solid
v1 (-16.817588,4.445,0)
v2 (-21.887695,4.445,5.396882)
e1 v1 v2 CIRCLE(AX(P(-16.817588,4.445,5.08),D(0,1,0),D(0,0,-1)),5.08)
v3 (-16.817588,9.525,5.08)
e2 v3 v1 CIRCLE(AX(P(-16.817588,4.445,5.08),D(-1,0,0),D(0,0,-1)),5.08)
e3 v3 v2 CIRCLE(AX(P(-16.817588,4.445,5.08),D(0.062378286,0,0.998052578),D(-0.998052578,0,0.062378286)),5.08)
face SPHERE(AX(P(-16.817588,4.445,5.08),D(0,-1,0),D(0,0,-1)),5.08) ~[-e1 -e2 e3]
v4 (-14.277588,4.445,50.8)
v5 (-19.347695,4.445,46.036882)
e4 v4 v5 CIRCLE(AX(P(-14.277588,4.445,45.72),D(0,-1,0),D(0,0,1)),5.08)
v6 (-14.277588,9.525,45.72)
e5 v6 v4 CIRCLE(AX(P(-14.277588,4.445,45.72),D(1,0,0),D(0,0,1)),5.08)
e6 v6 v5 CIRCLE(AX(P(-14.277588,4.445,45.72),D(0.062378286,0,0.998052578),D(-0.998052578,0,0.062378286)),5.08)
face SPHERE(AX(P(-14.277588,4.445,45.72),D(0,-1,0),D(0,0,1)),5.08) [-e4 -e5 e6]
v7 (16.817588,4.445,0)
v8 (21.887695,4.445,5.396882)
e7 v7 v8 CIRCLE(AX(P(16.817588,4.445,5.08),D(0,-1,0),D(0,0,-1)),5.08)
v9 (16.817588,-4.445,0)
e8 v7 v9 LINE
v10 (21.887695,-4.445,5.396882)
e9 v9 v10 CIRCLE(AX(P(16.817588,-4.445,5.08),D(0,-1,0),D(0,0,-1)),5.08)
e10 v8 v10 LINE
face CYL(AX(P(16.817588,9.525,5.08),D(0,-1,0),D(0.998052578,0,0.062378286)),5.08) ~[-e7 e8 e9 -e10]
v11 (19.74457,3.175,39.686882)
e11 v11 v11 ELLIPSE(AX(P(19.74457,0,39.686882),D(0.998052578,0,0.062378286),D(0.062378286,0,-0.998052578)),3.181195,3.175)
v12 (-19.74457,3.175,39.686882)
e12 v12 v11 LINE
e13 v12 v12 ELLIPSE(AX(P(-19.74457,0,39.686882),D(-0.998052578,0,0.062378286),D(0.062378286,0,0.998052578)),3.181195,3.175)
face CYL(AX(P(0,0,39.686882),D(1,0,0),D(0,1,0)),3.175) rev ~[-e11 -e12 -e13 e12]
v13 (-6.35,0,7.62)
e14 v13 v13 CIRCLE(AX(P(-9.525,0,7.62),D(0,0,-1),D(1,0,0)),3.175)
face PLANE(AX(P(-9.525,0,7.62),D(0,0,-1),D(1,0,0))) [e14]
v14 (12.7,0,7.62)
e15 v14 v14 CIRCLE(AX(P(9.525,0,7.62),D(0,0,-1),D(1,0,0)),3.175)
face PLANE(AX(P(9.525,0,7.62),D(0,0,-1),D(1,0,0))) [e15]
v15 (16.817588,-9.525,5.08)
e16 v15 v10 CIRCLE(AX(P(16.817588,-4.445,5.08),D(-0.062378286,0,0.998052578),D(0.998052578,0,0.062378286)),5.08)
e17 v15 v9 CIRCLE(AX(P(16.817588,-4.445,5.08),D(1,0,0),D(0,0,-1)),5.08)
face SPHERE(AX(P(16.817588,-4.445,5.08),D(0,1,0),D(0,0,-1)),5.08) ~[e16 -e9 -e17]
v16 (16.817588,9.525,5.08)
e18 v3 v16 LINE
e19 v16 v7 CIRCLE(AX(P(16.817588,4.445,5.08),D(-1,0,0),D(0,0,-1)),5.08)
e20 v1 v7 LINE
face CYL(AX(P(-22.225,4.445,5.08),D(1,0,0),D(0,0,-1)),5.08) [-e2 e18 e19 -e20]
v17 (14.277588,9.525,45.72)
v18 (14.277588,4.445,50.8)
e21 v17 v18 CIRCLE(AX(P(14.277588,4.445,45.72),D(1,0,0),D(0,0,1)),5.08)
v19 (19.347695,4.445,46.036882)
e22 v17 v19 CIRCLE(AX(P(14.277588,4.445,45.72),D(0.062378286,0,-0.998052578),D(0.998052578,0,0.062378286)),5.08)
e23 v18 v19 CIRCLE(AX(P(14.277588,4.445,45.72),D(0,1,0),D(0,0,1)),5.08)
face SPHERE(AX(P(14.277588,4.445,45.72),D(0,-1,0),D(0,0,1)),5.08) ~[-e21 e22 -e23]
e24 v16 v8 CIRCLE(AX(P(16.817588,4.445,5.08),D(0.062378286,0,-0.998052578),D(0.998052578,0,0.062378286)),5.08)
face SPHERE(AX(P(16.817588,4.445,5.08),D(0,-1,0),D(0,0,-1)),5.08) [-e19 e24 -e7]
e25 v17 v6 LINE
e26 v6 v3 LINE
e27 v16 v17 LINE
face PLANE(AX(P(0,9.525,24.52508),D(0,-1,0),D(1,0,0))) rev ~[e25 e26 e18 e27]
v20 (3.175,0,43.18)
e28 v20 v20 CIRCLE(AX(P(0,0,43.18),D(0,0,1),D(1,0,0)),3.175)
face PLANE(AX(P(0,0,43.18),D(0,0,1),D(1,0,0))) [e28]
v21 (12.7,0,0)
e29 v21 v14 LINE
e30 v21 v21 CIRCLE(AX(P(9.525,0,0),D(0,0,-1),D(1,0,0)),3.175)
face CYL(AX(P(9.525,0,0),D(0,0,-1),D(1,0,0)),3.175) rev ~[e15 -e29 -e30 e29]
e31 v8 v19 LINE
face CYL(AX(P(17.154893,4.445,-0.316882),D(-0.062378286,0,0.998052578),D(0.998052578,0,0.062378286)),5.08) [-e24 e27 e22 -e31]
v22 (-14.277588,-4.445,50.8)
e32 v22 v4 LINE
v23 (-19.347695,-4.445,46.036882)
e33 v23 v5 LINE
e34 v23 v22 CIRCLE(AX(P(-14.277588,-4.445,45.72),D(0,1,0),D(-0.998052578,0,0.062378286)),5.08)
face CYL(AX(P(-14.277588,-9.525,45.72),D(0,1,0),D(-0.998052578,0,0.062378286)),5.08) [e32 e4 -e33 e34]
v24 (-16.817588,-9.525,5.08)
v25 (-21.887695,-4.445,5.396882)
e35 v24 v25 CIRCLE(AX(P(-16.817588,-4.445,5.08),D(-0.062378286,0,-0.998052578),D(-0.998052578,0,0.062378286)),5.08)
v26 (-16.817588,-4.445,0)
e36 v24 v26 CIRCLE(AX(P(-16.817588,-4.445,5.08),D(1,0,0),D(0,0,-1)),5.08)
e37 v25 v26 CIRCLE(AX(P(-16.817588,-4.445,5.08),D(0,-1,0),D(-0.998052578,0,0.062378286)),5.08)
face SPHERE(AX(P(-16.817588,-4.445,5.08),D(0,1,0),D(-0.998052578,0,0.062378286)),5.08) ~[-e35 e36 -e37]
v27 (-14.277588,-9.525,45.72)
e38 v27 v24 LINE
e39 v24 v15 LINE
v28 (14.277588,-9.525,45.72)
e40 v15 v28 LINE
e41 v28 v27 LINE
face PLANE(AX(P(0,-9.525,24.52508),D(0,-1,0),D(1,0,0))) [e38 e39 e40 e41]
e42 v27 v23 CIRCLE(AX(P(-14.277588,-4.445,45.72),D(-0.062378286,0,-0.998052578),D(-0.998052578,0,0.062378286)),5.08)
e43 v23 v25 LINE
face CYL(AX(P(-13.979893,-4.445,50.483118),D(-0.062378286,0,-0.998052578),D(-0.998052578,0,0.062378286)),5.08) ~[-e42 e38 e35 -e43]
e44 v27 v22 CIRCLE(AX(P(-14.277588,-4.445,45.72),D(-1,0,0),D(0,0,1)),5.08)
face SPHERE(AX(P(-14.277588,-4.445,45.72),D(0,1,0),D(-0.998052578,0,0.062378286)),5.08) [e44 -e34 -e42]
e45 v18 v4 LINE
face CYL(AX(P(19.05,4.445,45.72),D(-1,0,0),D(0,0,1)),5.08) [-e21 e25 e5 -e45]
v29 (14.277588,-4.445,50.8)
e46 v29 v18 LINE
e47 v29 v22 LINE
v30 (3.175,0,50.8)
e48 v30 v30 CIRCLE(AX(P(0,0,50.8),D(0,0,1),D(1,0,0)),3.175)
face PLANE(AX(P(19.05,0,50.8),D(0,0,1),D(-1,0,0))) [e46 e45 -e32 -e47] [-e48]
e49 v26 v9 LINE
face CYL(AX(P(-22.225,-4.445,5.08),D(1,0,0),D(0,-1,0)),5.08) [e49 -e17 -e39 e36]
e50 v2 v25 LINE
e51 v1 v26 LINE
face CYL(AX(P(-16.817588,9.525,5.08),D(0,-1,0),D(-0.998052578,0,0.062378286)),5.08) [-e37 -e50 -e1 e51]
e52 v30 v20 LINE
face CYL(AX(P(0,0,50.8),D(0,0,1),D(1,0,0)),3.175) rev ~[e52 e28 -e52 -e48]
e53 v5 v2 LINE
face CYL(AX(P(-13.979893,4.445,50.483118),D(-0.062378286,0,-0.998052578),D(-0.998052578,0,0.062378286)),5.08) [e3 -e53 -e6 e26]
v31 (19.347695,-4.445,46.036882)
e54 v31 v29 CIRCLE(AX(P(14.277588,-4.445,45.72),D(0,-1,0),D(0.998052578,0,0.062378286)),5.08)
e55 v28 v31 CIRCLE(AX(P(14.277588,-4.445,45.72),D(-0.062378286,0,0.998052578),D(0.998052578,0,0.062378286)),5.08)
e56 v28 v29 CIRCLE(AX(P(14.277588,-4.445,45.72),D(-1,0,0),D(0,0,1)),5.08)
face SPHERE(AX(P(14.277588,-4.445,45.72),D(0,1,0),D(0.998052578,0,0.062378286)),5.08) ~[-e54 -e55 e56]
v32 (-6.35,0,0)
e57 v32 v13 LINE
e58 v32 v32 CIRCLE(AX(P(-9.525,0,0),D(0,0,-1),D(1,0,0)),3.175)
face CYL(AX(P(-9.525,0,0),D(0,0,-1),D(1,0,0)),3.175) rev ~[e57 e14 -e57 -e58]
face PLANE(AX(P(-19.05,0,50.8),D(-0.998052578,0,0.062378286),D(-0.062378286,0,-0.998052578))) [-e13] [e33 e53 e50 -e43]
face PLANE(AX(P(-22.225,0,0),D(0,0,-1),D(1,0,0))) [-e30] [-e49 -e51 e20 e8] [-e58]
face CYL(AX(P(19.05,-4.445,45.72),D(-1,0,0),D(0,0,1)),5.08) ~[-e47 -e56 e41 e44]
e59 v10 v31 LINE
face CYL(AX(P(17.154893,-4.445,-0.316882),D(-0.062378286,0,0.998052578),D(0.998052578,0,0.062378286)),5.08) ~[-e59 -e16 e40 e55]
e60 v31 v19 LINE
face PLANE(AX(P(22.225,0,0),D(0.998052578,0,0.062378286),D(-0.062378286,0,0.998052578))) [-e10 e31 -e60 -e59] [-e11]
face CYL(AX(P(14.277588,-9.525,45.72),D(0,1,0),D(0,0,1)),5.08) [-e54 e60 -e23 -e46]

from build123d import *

# Parameters (mm, degrees)
F1_DEPTH = 9.525
F2_R     = 5.08
F3_R     = 3.175
F4_DEPTH = 25.4
F5_R     = 3.175
F6_DEPTH = 7.62
F7_R     = 3.175
F8_DEPTH = 7.62


with BuildPart() as f1:
    # F0 (on Front) → F1 (new body, symmetric)
    with BuildSketch(Plane.XZ):
        Polygon((-19.05, 50.8), (-22.225, 0), (22.225, 0), (19.05, 50.8), align=None)
    extrude(amount=F1_DEPTH, both=True)

    # F2
    f2_edges = [f1.edges().sort_by_distance(p)[0] for p in [
        (0, -9.525, 50.8),
        (19.05, 0, 50.8),
        (-19.05, 0, 50.8),
        (0, 9.525, 50.8),
        (22.225, 0, 0),
        (0, -9.525, 0),
        (-22.225, 0, 0),
        (0, 9.525, 0),
        (20.6375, -9.525, 25.4),
        (20.6375, 9.525, 25.4),
        (-20.6375, 9.525, 25.4),
        (-20.6375, -9.525, 25.4),
    ]]
    fillet(f2_edges, radius=F2_R)

    # F3 (on Right) → F4 (cut, symmetric)
    with BuildSketch(Plane.YZ):
        with Locations((0, 39.686882)):
            Circle(F3_R)
    extrude(amount=F4_DEPTH, both=True, mode=Mode.SUBTRACT)

    # F5 (on face) → F6 (cut)
    with BuildSketch(Plane.XY.offset(50.8)):
        Circle(F5_R)
    extrude(amount=-F6_DEPTH, mode=Mode.SUBTRACT)

    # F7 (on face) → F8 (cut)
    with BuildSketch(Plane(origin=(0, 0, 0), x_dir=(1, 0, 0), z_dir=(0, 0, -1))):
        with Locations((-9.525, 0)):
            Circle(F7_R)
        with Locations((9.525, 0)):
            Circle(F7_R)
    extrude(amount=-F8_DEPTH, mode=Mode.SUBTRACT)


solid = f1.part
